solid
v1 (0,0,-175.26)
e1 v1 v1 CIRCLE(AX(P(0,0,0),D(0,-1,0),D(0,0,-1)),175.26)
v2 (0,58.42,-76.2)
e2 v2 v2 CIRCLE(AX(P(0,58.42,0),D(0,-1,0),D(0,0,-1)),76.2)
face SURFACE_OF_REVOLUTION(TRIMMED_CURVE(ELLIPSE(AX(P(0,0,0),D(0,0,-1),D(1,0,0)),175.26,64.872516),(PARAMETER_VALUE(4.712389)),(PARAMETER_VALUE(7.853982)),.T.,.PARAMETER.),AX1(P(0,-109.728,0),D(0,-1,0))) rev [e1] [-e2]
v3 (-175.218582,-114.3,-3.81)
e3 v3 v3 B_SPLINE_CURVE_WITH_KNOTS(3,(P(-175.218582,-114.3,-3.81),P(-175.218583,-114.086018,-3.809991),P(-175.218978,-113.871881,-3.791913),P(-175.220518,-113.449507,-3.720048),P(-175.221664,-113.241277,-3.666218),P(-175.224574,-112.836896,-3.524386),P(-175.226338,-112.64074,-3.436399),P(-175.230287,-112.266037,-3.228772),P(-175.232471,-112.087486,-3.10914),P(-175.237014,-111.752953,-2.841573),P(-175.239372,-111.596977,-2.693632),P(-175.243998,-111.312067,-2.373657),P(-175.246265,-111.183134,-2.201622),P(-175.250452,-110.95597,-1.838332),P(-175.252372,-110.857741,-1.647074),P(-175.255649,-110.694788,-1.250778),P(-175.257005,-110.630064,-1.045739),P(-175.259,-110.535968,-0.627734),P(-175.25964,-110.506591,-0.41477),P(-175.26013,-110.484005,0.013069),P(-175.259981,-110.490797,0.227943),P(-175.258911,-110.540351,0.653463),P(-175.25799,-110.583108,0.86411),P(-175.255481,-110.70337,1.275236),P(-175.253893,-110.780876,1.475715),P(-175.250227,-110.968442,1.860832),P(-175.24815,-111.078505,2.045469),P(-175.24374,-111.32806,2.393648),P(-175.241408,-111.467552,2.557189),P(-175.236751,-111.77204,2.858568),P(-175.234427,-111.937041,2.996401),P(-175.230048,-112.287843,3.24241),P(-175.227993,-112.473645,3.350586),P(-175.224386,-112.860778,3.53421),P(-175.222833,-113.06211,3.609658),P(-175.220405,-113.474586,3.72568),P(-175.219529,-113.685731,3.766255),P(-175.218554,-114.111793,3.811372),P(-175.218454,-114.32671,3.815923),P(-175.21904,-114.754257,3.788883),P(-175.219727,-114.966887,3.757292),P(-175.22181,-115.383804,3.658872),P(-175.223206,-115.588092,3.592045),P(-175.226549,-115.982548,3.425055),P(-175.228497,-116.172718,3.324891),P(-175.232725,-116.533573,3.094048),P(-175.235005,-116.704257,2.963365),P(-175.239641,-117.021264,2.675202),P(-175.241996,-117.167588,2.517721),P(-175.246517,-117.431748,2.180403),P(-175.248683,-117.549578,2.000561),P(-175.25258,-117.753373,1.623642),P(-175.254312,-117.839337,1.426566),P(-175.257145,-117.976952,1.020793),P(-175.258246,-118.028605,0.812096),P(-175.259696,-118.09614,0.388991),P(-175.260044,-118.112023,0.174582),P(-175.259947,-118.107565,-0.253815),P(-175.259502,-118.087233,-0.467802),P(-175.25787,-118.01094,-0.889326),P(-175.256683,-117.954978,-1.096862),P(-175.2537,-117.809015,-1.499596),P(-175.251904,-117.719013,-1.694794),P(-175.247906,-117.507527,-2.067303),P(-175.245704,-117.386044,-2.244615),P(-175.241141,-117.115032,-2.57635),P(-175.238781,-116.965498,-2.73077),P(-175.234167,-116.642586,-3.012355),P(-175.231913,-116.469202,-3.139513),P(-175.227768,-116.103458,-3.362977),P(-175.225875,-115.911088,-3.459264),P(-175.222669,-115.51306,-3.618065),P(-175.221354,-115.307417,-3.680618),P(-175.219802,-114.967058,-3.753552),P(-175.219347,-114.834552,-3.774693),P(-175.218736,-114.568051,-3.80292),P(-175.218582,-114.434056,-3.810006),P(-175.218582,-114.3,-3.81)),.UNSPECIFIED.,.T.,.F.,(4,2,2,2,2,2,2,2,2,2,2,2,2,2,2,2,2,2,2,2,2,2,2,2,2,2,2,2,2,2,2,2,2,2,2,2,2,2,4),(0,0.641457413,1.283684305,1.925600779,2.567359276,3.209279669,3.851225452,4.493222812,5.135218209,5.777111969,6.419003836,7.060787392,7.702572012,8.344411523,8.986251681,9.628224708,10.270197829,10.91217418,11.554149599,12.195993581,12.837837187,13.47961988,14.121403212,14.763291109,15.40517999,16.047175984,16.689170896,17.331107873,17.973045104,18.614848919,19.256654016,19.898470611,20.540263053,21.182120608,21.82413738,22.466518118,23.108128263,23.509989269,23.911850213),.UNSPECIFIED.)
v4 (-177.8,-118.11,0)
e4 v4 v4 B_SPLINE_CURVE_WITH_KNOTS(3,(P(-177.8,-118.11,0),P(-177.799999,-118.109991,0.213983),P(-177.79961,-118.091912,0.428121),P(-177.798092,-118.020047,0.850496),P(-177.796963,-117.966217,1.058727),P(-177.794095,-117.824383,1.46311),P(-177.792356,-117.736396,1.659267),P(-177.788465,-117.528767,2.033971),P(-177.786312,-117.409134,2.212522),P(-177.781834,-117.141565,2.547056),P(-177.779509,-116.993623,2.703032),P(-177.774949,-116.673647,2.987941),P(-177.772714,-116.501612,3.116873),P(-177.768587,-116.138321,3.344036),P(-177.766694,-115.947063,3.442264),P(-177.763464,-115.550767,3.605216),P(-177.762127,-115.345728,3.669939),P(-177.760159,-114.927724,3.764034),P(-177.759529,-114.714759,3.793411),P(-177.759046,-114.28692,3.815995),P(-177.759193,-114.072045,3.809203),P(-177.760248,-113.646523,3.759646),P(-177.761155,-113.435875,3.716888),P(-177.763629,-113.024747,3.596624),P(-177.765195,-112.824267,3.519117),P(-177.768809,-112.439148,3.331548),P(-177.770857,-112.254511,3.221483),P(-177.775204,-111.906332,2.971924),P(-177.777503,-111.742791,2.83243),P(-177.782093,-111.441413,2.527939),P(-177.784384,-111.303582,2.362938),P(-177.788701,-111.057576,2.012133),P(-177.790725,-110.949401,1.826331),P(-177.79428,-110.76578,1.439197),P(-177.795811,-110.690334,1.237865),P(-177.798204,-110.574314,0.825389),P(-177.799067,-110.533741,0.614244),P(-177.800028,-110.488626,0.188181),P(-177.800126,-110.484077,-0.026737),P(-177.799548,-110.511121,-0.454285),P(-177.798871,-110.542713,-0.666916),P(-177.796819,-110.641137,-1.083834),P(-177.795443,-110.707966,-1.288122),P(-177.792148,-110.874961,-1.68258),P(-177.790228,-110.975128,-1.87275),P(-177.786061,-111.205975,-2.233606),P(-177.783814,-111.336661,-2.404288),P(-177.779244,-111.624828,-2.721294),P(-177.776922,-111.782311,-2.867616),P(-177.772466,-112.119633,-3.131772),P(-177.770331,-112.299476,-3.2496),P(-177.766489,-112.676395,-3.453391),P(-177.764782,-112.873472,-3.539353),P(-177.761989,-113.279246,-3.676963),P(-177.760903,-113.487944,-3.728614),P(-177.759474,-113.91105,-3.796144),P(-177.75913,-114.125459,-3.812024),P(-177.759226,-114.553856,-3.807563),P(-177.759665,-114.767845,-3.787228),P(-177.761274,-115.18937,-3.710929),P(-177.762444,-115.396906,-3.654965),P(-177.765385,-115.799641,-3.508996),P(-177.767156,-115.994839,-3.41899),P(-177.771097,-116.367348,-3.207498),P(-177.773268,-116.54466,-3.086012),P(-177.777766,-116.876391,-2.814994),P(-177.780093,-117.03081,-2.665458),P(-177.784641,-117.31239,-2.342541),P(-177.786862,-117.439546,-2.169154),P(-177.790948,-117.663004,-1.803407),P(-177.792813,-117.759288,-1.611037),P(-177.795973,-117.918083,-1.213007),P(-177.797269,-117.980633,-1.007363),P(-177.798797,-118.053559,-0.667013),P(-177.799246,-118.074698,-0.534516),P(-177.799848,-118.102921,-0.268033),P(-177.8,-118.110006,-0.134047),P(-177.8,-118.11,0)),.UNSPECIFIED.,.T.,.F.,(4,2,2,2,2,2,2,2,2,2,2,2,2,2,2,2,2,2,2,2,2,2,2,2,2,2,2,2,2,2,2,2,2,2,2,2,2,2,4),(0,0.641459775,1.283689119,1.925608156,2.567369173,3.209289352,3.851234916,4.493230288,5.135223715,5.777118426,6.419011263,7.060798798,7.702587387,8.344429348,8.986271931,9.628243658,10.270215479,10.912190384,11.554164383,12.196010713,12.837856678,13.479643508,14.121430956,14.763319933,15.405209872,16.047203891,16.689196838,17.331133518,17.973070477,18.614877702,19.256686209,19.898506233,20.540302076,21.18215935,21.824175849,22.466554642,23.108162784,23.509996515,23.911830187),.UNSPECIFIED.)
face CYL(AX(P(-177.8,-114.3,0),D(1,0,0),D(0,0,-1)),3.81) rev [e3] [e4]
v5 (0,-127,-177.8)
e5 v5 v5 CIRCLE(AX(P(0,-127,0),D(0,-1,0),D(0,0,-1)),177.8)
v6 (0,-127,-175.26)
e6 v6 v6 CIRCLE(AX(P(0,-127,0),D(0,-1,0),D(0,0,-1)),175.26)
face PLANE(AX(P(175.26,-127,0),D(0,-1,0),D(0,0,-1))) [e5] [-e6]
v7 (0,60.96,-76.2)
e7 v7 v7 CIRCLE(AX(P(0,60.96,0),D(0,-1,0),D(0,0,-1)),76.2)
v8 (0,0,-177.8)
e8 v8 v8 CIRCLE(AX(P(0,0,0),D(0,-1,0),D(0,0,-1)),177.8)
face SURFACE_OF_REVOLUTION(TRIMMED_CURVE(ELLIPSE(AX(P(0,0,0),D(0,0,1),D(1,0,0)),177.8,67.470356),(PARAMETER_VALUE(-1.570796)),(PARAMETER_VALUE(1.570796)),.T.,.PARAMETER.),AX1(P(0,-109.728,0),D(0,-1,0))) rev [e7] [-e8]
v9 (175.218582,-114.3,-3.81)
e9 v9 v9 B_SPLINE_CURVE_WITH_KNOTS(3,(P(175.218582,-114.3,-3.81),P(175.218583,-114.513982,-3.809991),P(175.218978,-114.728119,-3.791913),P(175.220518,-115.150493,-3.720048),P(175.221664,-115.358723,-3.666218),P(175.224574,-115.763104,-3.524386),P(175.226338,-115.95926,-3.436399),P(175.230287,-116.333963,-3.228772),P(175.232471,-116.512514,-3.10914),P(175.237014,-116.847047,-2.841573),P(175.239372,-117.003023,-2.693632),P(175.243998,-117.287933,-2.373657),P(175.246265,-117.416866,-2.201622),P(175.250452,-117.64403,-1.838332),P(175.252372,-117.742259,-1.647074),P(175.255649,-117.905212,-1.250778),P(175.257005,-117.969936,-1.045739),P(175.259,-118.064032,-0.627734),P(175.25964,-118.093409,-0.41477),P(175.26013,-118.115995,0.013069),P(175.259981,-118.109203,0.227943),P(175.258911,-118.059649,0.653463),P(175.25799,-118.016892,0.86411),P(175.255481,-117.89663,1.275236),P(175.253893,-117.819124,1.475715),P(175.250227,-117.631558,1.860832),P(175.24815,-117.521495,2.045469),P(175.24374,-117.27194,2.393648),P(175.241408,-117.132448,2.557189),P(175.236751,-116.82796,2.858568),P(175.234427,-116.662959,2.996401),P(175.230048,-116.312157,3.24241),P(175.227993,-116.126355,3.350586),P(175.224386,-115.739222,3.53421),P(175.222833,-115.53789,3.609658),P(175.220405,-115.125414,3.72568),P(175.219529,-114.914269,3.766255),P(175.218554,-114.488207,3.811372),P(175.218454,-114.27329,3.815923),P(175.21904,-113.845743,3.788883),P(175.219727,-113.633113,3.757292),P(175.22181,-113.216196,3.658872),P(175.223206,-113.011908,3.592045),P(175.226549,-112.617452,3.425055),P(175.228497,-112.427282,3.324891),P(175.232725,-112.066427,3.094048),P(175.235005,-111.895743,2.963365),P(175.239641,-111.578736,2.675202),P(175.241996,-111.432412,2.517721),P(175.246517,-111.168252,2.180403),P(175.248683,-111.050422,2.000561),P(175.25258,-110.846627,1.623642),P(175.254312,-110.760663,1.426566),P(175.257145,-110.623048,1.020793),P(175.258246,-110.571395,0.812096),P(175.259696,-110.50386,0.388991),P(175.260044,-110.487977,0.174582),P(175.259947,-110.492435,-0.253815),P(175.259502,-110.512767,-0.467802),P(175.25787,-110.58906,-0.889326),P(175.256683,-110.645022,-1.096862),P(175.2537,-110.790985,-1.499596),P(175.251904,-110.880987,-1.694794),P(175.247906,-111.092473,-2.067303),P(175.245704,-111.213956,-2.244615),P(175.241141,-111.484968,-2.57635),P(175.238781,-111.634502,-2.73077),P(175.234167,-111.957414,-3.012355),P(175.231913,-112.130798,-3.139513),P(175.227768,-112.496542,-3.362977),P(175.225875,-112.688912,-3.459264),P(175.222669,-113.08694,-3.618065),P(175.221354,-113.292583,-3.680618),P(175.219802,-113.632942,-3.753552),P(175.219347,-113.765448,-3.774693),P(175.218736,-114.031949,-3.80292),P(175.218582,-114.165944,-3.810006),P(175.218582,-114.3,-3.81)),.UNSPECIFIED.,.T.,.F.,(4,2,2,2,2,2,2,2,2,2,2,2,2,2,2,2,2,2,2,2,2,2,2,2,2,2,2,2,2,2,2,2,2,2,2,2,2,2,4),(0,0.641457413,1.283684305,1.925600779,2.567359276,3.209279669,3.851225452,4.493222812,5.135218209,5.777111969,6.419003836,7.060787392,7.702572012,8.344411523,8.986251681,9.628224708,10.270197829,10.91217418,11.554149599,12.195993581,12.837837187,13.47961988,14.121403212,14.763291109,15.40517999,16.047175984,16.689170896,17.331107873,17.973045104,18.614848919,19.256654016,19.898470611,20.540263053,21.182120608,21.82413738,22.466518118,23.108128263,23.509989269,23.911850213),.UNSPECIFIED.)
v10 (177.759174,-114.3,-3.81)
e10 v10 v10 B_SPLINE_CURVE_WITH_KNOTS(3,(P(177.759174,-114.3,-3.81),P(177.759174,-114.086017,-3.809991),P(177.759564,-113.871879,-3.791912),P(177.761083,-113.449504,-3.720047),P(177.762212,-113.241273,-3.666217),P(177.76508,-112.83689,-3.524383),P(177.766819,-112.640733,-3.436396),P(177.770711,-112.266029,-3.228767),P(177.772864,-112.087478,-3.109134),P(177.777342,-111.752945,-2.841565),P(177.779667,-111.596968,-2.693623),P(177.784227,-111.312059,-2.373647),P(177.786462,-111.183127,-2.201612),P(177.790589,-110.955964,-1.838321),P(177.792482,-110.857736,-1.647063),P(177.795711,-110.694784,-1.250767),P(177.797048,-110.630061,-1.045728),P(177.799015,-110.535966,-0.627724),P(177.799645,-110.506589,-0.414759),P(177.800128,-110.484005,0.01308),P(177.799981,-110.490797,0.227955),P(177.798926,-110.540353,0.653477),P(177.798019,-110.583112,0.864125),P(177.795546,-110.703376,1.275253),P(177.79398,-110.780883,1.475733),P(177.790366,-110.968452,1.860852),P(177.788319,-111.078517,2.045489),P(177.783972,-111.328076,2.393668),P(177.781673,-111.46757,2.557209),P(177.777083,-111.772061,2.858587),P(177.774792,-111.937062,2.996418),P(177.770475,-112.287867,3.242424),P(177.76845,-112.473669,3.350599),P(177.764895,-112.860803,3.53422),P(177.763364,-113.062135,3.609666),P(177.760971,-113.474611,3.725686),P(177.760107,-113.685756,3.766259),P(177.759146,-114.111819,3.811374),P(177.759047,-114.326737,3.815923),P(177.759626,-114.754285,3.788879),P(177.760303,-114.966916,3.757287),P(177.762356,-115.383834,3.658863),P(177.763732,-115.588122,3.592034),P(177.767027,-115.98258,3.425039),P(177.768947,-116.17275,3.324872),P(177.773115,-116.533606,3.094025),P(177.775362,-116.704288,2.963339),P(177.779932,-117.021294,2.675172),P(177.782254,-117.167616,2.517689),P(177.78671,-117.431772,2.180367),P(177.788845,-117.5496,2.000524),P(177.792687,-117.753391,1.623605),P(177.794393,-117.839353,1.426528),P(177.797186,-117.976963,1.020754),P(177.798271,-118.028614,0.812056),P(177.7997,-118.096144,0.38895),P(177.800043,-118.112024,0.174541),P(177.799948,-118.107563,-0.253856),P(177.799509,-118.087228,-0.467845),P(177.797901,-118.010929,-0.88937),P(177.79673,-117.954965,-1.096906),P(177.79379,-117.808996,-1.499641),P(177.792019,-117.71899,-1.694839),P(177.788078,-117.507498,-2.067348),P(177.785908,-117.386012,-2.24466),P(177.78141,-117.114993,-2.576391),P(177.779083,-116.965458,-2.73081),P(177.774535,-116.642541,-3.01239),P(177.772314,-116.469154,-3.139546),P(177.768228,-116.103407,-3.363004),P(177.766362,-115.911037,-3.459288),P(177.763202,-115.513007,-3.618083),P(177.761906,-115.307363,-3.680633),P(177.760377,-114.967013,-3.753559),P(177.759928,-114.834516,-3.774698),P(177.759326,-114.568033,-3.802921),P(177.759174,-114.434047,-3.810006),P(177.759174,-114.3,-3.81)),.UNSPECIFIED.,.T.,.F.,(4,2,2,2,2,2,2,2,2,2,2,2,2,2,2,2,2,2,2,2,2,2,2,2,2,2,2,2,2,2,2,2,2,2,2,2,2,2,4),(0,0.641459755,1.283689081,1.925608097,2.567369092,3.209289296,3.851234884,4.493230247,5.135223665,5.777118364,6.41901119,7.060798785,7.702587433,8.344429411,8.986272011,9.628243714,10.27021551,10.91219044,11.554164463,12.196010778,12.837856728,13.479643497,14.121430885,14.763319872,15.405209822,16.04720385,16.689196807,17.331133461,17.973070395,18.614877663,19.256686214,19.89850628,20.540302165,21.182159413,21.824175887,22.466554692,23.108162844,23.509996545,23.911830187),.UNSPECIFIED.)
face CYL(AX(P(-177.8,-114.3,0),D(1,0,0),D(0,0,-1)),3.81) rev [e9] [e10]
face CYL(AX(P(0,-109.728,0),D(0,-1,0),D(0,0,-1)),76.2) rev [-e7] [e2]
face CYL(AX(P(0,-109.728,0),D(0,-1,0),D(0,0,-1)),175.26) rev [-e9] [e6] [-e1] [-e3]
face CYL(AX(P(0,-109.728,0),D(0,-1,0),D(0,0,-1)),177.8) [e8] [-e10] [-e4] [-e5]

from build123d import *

# Parameters (mm, degrees)
CUT_EXTRUDE1_DEPTH      = 282.699627389
CUT_EXTRUDE1_DEPTH_BACK = 282.699627389
SKETCH2_R               = 3.81


with BuildPart() as part:
    # Sketch1 → Revolve1 (revolve)
    with BuildSketch(Plane.XY):
        with BuildLine():
            Line((175.26, -127), (175.26, 0))
            add(Edge.make_bspline(
                [(175.26, 0), (175.26, 40.716969697), (76.2, 58.42)],
                knots=[0, 0, 0, 1.120999466, 1.120999466, 1.120999466], degree=2, weights=[1, 0.846989554, 1]))
            Line((76.2, 58.42), (76.2, 60.96))
            add(Edge.make_bspline(
                [(177.8, 0), (177.8, 42.672), (76.2, 60.96)],
                knots=[0, 0, 0, 1.127885283, 1.127885283, 1.127885283], degree=2, weights=[1, 0.845154255, 1]))
            Line((177.8, 0), (177.8, -127))
            Line((177.8, -127), (175.26, -127))
        make_face()
    revolve(axis=Axis((0, -109.728, 0), (0, 1, 0)))

    # Sketch2 → Cut-Extrude1 (cut, two sides: drawn at the far end of the back side and taken through both)
    with BuildSketch(Plane(origin=(0, 0, 0), x_dir=(0, 0, -1), z_dir=(1, 0, 0)).offset(-CUT_EXTRUDE1_DEPTH_BACK)):
        with Locations((0, -114.3)):
            Circle(SKETCH2_R)
    extrude(amount=CUT_EXTRUDE1_DEPTH + CUT_EXTRUDE1_DEPTH_BACK, mode=Mode.SUBTRACT)


solid = part.part
